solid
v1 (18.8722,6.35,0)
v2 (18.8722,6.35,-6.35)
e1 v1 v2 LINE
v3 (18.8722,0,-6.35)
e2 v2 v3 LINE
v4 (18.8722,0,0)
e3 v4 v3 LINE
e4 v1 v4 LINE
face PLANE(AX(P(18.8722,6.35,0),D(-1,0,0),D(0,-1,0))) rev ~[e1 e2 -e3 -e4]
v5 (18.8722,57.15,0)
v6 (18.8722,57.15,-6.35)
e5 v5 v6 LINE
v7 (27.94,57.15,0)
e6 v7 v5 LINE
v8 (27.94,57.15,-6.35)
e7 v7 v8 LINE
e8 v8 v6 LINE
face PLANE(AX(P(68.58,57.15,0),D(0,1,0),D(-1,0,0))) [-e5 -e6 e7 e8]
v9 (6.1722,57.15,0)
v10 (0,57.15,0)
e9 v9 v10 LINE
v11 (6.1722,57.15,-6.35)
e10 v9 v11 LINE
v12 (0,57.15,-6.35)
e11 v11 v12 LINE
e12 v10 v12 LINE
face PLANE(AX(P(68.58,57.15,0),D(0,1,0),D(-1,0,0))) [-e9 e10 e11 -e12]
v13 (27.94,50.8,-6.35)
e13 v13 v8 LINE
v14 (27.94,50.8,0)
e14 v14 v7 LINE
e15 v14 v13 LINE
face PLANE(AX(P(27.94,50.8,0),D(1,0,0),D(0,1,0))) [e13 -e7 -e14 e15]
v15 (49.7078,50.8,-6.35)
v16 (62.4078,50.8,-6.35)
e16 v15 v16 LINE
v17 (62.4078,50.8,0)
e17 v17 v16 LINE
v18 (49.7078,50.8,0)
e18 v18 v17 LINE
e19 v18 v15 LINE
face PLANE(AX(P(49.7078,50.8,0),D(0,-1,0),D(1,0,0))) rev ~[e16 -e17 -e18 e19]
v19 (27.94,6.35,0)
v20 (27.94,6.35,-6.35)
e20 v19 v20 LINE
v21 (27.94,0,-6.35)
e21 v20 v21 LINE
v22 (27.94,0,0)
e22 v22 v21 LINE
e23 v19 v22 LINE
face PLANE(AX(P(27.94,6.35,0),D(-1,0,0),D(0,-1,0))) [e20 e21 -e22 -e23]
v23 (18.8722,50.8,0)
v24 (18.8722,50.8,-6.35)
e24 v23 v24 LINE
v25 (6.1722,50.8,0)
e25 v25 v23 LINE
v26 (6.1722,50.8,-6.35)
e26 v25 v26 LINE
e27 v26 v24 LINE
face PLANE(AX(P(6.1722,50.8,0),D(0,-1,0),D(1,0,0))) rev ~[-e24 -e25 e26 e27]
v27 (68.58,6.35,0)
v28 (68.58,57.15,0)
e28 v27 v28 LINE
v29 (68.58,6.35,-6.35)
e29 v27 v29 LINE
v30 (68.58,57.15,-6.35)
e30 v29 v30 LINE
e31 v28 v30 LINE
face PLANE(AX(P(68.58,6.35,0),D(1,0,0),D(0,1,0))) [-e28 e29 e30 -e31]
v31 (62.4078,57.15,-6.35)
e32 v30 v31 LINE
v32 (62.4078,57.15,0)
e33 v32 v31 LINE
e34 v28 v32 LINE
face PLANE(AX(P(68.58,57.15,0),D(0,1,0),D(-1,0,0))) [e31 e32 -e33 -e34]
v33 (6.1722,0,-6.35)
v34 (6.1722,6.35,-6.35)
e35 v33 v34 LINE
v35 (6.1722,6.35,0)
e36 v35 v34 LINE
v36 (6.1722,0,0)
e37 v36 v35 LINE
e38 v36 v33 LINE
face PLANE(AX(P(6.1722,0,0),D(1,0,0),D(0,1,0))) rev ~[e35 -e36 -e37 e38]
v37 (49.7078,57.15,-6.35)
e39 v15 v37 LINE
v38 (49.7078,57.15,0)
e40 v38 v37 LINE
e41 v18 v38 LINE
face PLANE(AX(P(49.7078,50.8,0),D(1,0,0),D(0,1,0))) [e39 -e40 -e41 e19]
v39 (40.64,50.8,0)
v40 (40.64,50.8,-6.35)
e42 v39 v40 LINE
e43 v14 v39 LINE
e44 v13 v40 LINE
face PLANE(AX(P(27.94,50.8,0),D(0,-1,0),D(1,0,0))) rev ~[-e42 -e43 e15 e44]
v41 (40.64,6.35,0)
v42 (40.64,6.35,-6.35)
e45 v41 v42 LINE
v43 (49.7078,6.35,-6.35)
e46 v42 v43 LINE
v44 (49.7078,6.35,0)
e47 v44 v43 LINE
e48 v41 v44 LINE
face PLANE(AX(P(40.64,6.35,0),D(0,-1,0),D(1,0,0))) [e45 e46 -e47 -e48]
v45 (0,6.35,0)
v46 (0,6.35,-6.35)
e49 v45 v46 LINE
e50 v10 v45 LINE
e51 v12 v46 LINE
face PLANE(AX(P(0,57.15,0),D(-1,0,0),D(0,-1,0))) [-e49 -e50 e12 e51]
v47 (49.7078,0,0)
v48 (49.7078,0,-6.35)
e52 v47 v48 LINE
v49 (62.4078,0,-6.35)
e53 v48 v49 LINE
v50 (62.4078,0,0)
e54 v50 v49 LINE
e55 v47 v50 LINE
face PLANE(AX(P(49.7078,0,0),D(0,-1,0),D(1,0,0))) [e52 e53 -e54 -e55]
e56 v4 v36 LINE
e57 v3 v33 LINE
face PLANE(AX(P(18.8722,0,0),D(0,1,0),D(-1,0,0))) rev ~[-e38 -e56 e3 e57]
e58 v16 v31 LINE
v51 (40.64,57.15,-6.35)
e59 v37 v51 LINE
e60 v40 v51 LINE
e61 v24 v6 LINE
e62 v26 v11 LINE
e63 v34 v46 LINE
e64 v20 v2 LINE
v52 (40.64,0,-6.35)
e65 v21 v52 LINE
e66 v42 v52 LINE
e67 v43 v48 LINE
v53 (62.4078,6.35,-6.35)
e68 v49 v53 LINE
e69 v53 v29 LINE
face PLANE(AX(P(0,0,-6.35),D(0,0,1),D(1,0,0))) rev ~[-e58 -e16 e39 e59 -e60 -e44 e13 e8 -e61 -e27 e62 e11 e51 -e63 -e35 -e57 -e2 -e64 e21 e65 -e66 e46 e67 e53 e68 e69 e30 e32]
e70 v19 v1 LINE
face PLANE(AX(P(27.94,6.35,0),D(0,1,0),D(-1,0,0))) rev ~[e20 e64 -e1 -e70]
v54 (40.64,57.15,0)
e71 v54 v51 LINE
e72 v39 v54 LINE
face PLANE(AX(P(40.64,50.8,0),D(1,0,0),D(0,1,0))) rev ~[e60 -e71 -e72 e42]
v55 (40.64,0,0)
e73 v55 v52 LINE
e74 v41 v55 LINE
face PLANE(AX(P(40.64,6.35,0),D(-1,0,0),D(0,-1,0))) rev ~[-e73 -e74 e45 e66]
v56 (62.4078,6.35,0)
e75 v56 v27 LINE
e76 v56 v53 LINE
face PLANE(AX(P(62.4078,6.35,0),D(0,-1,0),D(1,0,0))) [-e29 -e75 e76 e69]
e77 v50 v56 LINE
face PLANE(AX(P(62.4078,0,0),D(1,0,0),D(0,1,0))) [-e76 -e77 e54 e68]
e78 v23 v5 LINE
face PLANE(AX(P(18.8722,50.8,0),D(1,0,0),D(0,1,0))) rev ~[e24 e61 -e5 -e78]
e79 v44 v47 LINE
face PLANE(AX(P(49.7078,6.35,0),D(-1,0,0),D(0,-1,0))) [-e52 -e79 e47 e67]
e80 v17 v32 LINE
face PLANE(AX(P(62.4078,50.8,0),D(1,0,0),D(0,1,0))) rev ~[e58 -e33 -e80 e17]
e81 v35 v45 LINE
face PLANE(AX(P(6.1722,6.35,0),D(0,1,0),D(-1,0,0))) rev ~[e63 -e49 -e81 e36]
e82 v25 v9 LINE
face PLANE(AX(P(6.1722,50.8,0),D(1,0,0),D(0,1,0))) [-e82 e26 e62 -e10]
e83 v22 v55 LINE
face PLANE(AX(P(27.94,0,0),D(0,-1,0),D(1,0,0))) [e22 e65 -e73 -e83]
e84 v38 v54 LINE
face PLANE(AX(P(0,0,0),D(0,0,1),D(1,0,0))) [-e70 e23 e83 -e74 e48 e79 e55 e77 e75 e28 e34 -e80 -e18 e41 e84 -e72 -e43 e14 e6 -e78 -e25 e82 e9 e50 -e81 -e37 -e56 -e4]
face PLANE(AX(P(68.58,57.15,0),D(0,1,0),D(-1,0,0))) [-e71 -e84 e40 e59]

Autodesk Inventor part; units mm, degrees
ref_plane "YZ Plane" through (0, 0, 0) normal (1, 0, 0) x (0, 1, 0)
ref_plane "XZ Plane" through (0, 0, 0) normal (0, 1, 0) x (-1, 0, 0)
ref_plane "XY Plane" through (0, 0, 0) normal (0, 0, 1) x (1, 0, 0)
sketch "Sketch1" plane through (0, 0, 0) normal (0, 0, 1) x (1, 0, 0)
  line L0 (68.58, 6.35) -> (68.58, 57.15)
  line L1 (68.58, 57.15) -> (0, 57.15)
  line L2 (0, 57.15) -> (0, 6.35)
  line L3 (40.64, 6.35) -> (40.64, 0)
  line L4 (27.94, 6.35) -> (27.94, 0)
  line L5 (27.94, 0) -> (40.64, 0)
  line L6 (27.94, 6.35) -> (18.8722, 6.35)
  line L7 (18.8722, 6.35) -> (18.8722, 0)
  line L8 (18.8722, 0) -> (6.1722, 0)
  line L9 (6.1722, 0) -> (6.1722, 6.35)
  line L10 (40.64, 6.35) -> (49.7078, 6.35)
  line L11 (49.7078, 6.35) -> (49.7078, 0)
  line L12 (49.7078, 0) -> (62.4078, 0)
  line L13 (62.4078, 0) -> (62.4078, 6.35)
  line L14 (6.1722, 0) -> (18.8722, 0)
  line L15 (27.94, 0) -> (40.64, 0)
  line L16 (49.7078, 0) -> (62.4078, 0)
  line L17 (27.94, 6.35) -> (18.8722, 6.35)
  line L18 (6.1722, 6.35) -> (0, 6.35)
  line L19 (40.64, 6.35) -> (49.7078, 6.35)
  line L20 (62.4078, 6.35) -> (68.58, 6.35)
  point P0 (0, 0)
  dimension "d0" = 68.58
  dimension "d1" = 50.8
extrude "Extrusion1" add sketch "Sketch1" against normal blind 6.35
sketch "Sketch2" plane through (0, 0, 0) normal (0, 0, 1) x (1, 0, 0)
  line L0 (0, 6.35) -> (6.1722, 6.35) projected
  line L1 (6.1722, 50.8) -> (6.1722, 57.15)
  line L2 (0, 57.15) -> (68.58, 57.15) projected
  line L3 (49.7078, 6.35) -> (40.64, 6.35) projected
  line L4 (40.64, 50.8) -> (40.64, 57.15)
  line L5 (18.8722, 0) -> (18.8722, 6.35) projected
  line L6 (18.8722, 50.8) -> (18.8722, 57.15)
  line L7 (27.94, 0) -> (27.94, 6.35) projected
  line L8 (27.94, 50.8) -> (27.94, 57.15)
  line L9 (49.7078, 50.8) -> (49.7078, 57.15)
  line L10 (68.58, 6.35) -> (62.4078, 6.35) projected
  line L11 (62.4078, 50.8) -> (62.4078, 57.15)
  line L12 (0, 57.15) -> (0, 50.8)
  line L13 (68.58, 57.15) -> (68.58, 6.35) projected
  line L14 (49.7078, 50.8) -> (62.4078, 50.8)
  line L15 (6.1722, 50.8) -> (18.8722, 50.8)
  line L16 (27.94, 50.8) -> (40.64, 50.8)
  line L17 (27.94, 57.15) -> (40.64, 57.15)
  point P0 (0, 0)
extrude "Extrusion2" cut sketch "Sketch2" against normal blind 6.35
properties part number "flat-no-recess"
